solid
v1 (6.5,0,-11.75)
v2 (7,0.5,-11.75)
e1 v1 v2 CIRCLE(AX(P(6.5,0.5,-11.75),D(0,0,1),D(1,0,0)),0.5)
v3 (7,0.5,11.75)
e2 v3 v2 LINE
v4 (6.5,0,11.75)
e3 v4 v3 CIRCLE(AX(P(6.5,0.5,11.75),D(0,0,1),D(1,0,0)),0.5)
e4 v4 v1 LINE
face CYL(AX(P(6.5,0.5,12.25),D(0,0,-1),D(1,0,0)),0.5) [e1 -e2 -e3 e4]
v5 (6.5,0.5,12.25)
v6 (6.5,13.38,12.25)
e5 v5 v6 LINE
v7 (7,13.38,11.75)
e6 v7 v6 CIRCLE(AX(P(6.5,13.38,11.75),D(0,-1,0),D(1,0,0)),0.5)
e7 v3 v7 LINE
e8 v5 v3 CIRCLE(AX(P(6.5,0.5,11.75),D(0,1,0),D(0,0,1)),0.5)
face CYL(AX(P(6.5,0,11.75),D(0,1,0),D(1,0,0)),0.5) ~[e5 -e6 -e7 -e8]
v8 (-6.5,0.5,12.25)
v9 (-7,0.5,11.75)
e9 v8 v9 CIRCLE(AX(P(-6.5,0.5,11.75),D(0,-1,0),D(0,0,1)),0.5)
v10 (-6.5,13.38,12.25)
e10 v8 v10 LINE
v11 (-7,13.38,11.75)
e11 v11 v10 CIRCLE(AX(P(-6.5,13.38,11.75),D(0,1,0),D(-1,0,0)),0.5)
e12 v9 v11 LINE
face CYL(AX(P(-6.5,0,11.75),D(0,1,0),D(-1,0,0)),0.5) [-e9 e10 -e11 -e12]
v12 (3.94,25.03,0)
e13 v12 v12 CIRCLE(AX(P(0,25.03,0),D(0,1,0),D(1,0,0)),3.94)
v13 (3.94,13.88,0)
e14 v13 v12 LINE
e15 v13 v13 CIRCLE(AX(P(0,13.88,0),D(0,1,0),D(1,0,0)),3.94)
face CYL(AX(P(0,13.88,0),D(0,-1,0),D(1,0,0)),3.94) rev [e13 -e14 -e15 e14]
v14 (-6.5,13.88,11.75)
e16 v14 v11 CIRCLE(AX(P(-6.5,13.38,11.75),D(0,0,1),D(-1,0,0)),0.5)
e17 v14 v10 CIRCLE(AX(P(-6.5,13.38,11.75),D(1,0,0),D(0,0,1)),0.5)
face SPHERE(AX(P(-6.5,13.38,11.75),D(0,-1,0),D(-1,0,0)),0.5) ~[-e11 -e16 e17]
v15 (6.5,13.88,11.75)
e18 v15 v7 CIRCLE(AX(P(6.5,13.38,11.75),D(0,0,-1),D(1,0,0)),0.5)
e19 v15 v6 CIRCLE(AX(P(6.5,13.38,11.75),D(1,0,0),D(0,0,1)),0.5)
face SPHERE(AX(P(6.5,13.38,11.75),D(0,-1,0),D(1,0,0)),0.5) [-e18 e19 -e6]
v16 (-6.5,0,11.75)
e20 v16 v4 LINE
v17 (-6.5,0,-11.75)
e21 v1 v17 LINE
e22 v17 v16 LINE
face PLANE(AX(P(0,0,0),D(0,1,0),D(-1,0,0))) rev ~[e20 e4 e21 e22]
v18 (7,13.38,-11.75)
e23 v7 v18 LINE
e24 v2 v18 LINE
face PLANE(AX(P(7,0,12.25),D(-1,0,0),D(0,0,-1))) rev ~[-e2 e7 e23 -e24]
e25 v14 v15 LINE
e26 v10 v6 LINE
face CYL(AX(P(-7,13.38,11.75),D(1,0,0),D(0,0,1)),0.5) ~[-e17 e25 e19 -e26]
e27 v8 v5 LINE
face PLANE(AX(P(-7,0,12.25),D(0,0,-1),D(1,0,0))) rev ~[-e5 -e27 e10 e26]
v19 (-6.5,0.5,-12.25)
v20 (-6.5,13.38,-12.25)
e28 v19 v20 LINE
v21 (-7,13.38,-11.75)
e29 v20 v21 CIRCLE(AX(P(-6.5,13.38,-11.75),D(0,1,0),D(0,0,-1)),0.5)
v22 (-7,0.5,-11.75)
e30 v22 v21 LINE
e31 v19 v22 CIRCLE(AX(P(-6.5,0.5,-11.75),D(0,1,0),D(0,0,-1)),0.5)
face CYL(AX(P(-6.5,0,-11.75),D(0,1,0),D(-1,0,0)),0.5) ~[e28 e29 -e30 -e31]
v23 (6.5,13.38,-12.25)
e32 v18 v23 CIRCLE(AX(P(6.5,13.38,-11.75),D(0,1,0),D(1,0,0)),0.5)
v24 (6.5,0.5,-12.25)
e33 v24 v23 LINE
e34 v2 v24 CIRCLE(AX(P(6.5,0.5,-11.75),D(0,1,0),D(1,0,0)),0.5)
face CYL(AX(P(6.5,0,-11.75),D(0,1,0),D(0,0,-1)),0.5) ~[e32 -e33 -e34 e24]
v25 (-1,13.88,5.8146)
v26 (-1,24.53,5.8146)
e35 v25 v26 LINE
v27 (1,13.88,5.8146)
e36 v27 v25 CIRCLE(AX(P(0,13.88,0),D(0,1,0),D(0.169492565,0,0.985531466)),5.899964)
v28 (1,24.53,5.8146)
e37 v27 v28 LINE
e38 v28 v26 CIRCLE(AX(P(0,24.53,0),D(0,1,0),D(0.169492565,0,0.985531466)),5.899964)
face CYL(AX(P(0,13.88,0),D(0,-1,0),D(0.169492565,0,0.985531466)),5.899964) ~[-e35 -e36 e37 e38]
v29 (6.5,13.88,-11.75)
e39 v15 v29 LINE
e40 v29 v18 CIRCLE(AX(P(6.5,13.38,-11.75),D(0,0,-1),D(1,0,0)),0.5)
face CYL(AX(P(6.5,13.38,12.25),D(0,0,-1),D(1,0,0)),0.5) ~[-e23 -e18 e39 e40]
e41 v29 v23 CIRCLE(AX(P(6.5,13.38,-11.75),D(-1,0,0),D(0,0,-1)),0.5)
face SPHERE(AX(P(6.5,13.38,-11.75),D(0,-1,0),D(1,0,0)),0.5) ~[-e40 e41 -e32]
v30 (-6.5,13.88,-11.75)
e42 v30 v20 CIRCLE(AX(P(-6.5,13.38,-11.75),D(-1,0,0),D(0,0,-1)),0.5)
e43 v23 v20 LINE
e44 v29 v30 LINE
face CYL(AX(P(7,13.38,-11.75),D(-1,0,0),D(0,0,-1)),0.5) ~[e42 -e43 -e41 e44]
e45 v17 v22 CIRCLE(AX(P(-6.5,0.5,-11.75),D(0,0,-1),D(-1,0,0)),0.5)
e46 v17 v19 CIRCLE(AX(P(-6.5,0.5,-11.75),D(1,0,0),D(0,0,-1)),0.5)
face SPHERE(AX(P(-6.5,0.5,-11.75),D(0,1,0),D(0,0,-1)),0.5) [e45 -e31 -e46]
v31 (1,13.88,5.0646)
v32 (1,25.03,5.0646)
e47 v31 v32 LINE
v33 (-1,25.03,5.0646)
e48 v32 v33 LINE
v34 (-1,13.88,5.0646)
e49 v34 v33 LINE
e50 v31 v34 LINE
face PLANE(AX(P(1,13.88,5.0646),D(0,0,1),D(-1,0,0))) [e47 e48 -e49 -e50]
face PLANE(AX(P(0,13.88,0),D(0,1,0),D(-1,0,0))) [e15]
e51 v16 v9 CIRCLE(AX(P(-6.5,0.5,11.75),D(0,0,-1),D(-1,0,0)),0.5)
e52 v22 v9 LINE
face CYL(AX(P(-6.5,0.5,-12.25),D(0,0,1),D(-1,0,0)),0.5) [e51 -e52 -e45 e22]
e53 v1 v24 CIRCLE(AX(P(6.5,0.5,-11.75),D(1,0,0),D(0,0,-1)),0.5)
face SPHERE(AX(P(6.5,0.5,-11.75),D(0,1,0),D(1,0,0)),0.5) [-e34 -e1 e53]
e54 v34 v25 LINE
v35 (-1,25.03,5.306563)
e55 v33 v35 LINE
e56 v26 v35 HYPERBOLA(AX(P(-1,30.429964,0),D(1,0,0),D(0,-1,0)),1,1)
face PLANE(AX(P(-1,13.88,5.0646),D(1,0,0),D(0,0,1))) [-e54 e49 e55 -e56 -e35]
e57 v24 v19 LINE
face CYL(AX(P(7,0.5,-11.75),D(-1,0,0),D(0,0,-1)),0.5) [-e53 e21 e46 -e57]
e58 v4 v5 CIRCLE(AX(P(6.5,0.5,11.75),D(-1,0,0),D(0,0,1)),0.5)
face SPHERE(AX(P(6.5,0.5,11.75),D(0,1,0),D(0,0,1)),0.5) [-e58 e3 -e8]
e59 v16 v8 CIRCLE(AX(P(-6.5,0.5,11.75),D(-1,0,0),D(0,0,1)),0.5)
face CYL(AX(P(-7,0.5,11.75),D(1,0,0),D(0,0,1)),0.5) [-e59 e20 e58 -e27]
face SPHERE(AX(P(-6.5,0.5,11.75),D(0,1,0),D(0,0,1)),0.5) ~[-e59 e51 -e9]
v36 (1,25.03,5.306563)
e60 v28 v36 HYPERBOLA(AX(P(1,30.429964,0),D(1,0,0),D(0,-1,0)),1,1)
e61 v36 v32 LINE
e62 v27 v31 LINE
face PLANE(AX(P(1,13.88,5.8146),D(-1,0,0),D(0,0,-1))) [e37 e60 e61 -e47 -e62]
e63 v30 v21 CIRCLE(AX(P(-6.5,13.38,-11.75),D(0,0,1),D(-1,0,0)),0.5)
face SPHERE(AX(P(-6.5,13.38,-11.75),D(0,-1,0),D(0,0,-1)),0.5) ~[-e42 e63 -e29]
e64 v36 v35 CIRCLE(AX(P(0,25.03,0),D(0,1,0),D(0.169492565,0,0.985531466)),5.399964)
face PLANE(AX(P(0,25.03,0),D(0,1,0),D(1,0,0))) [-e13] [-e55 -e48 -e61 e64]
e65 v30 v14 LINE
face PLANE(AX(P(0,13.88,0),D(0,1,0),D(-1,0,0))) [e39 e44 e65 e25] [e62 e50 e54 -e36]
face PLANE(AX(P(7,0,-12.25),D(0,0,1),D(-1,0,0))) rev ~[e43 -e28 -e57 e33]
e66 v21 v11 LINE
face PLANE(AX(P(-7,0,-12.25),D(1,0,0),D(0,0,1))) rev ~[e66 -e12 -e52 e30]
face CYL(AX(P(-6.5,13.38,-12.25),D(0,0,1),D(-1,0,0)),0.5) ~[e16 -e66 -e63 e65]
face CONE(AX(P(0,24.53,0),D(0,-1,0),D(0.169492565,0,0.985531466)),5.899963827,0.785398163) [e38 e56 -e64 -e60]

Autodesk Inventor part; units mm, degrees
ref_plane "YZ Plane" through (0, 0, 0) normal (1, 0, 0) x (0, 1, 0)
ref_plane "XZ Plane" through (0, 0, 0) normal (0, 1, 0) x (-1, 0, 0)
ref_plane "XY Plane" through (0, 0, 0) normal (0, 0, 1) x (1, 0, 0)
sketch "Sketch1" plane through (0, 0, 0) normal (0, 1, 0) x (-1, 0, 0)
  line L0 (7, 12.25) -> (-7, 12.25)
  line L1 (-7, 12.25) -> (-7, -12.25)
  line L2 (-7, -12.25) -> (7, -12.25)
  line L3 (7, -12.25) -> (7, 12.25)
  line L4 (7, 0) -> (-7, 0) construction
  point P0 (0, 0)
  point P1 (0, 0)
  dimension "d0" = 14
  dimension "d1" = 24.5
extrude "Extrusion1" add sketch "Sketch1" along normal blind 13.88
fillet "Fillet1" radius 0.5 12 edges at (7, 6.94, 12.25) (-7, 6.94, 12.25) (-7, 6.94, -12.25) (7, 6.94, -12.25) (7, 13.88, 0) (0, 13.88, -12.25) (-7, 13.88, 0) (0, 13.88, 12.25) (0, 0, 12.25) (7, 0, 0) (0, 0, -12.25) (-7, 0, 0)
sketch "Sketch2" plane through (0, 13.88, 0) normal (0, 1, 0) x (1, 0, 0)
  arc A0 (1, -5.8146) -> (-1, -5.8146) centre (0, 0) ccw
  circle A1 centre (0, 0) radius 3.94
  line L0 (1, -5.8146) -> (1, -5.0646)
  line L1 (1, -5.0646) -> (-1, -5.0646)
  line L2 (-1, -5.0646) -> (-1, -5.8146)
  line L3 (0, 0) -> (0, -5.0646) construction
  dimension "d5" = 11.8
  dimension "d8" = 7.88
  dimension "d9" = 0.75
  dimension "d10" = 2
extrude "Extrusion3" add sketch "Sketch2" along normal blind 11.15
chamfer "Chamfer1" distance 0.5 angle 45 1 edges at (0, 25.03, -5.9)
thread "Thread1" size "M12x1" class "6g" standard "ANSI Metric M Profile" full length
properties part number "Toggle_Base" material "PC/ABS Plastic"
